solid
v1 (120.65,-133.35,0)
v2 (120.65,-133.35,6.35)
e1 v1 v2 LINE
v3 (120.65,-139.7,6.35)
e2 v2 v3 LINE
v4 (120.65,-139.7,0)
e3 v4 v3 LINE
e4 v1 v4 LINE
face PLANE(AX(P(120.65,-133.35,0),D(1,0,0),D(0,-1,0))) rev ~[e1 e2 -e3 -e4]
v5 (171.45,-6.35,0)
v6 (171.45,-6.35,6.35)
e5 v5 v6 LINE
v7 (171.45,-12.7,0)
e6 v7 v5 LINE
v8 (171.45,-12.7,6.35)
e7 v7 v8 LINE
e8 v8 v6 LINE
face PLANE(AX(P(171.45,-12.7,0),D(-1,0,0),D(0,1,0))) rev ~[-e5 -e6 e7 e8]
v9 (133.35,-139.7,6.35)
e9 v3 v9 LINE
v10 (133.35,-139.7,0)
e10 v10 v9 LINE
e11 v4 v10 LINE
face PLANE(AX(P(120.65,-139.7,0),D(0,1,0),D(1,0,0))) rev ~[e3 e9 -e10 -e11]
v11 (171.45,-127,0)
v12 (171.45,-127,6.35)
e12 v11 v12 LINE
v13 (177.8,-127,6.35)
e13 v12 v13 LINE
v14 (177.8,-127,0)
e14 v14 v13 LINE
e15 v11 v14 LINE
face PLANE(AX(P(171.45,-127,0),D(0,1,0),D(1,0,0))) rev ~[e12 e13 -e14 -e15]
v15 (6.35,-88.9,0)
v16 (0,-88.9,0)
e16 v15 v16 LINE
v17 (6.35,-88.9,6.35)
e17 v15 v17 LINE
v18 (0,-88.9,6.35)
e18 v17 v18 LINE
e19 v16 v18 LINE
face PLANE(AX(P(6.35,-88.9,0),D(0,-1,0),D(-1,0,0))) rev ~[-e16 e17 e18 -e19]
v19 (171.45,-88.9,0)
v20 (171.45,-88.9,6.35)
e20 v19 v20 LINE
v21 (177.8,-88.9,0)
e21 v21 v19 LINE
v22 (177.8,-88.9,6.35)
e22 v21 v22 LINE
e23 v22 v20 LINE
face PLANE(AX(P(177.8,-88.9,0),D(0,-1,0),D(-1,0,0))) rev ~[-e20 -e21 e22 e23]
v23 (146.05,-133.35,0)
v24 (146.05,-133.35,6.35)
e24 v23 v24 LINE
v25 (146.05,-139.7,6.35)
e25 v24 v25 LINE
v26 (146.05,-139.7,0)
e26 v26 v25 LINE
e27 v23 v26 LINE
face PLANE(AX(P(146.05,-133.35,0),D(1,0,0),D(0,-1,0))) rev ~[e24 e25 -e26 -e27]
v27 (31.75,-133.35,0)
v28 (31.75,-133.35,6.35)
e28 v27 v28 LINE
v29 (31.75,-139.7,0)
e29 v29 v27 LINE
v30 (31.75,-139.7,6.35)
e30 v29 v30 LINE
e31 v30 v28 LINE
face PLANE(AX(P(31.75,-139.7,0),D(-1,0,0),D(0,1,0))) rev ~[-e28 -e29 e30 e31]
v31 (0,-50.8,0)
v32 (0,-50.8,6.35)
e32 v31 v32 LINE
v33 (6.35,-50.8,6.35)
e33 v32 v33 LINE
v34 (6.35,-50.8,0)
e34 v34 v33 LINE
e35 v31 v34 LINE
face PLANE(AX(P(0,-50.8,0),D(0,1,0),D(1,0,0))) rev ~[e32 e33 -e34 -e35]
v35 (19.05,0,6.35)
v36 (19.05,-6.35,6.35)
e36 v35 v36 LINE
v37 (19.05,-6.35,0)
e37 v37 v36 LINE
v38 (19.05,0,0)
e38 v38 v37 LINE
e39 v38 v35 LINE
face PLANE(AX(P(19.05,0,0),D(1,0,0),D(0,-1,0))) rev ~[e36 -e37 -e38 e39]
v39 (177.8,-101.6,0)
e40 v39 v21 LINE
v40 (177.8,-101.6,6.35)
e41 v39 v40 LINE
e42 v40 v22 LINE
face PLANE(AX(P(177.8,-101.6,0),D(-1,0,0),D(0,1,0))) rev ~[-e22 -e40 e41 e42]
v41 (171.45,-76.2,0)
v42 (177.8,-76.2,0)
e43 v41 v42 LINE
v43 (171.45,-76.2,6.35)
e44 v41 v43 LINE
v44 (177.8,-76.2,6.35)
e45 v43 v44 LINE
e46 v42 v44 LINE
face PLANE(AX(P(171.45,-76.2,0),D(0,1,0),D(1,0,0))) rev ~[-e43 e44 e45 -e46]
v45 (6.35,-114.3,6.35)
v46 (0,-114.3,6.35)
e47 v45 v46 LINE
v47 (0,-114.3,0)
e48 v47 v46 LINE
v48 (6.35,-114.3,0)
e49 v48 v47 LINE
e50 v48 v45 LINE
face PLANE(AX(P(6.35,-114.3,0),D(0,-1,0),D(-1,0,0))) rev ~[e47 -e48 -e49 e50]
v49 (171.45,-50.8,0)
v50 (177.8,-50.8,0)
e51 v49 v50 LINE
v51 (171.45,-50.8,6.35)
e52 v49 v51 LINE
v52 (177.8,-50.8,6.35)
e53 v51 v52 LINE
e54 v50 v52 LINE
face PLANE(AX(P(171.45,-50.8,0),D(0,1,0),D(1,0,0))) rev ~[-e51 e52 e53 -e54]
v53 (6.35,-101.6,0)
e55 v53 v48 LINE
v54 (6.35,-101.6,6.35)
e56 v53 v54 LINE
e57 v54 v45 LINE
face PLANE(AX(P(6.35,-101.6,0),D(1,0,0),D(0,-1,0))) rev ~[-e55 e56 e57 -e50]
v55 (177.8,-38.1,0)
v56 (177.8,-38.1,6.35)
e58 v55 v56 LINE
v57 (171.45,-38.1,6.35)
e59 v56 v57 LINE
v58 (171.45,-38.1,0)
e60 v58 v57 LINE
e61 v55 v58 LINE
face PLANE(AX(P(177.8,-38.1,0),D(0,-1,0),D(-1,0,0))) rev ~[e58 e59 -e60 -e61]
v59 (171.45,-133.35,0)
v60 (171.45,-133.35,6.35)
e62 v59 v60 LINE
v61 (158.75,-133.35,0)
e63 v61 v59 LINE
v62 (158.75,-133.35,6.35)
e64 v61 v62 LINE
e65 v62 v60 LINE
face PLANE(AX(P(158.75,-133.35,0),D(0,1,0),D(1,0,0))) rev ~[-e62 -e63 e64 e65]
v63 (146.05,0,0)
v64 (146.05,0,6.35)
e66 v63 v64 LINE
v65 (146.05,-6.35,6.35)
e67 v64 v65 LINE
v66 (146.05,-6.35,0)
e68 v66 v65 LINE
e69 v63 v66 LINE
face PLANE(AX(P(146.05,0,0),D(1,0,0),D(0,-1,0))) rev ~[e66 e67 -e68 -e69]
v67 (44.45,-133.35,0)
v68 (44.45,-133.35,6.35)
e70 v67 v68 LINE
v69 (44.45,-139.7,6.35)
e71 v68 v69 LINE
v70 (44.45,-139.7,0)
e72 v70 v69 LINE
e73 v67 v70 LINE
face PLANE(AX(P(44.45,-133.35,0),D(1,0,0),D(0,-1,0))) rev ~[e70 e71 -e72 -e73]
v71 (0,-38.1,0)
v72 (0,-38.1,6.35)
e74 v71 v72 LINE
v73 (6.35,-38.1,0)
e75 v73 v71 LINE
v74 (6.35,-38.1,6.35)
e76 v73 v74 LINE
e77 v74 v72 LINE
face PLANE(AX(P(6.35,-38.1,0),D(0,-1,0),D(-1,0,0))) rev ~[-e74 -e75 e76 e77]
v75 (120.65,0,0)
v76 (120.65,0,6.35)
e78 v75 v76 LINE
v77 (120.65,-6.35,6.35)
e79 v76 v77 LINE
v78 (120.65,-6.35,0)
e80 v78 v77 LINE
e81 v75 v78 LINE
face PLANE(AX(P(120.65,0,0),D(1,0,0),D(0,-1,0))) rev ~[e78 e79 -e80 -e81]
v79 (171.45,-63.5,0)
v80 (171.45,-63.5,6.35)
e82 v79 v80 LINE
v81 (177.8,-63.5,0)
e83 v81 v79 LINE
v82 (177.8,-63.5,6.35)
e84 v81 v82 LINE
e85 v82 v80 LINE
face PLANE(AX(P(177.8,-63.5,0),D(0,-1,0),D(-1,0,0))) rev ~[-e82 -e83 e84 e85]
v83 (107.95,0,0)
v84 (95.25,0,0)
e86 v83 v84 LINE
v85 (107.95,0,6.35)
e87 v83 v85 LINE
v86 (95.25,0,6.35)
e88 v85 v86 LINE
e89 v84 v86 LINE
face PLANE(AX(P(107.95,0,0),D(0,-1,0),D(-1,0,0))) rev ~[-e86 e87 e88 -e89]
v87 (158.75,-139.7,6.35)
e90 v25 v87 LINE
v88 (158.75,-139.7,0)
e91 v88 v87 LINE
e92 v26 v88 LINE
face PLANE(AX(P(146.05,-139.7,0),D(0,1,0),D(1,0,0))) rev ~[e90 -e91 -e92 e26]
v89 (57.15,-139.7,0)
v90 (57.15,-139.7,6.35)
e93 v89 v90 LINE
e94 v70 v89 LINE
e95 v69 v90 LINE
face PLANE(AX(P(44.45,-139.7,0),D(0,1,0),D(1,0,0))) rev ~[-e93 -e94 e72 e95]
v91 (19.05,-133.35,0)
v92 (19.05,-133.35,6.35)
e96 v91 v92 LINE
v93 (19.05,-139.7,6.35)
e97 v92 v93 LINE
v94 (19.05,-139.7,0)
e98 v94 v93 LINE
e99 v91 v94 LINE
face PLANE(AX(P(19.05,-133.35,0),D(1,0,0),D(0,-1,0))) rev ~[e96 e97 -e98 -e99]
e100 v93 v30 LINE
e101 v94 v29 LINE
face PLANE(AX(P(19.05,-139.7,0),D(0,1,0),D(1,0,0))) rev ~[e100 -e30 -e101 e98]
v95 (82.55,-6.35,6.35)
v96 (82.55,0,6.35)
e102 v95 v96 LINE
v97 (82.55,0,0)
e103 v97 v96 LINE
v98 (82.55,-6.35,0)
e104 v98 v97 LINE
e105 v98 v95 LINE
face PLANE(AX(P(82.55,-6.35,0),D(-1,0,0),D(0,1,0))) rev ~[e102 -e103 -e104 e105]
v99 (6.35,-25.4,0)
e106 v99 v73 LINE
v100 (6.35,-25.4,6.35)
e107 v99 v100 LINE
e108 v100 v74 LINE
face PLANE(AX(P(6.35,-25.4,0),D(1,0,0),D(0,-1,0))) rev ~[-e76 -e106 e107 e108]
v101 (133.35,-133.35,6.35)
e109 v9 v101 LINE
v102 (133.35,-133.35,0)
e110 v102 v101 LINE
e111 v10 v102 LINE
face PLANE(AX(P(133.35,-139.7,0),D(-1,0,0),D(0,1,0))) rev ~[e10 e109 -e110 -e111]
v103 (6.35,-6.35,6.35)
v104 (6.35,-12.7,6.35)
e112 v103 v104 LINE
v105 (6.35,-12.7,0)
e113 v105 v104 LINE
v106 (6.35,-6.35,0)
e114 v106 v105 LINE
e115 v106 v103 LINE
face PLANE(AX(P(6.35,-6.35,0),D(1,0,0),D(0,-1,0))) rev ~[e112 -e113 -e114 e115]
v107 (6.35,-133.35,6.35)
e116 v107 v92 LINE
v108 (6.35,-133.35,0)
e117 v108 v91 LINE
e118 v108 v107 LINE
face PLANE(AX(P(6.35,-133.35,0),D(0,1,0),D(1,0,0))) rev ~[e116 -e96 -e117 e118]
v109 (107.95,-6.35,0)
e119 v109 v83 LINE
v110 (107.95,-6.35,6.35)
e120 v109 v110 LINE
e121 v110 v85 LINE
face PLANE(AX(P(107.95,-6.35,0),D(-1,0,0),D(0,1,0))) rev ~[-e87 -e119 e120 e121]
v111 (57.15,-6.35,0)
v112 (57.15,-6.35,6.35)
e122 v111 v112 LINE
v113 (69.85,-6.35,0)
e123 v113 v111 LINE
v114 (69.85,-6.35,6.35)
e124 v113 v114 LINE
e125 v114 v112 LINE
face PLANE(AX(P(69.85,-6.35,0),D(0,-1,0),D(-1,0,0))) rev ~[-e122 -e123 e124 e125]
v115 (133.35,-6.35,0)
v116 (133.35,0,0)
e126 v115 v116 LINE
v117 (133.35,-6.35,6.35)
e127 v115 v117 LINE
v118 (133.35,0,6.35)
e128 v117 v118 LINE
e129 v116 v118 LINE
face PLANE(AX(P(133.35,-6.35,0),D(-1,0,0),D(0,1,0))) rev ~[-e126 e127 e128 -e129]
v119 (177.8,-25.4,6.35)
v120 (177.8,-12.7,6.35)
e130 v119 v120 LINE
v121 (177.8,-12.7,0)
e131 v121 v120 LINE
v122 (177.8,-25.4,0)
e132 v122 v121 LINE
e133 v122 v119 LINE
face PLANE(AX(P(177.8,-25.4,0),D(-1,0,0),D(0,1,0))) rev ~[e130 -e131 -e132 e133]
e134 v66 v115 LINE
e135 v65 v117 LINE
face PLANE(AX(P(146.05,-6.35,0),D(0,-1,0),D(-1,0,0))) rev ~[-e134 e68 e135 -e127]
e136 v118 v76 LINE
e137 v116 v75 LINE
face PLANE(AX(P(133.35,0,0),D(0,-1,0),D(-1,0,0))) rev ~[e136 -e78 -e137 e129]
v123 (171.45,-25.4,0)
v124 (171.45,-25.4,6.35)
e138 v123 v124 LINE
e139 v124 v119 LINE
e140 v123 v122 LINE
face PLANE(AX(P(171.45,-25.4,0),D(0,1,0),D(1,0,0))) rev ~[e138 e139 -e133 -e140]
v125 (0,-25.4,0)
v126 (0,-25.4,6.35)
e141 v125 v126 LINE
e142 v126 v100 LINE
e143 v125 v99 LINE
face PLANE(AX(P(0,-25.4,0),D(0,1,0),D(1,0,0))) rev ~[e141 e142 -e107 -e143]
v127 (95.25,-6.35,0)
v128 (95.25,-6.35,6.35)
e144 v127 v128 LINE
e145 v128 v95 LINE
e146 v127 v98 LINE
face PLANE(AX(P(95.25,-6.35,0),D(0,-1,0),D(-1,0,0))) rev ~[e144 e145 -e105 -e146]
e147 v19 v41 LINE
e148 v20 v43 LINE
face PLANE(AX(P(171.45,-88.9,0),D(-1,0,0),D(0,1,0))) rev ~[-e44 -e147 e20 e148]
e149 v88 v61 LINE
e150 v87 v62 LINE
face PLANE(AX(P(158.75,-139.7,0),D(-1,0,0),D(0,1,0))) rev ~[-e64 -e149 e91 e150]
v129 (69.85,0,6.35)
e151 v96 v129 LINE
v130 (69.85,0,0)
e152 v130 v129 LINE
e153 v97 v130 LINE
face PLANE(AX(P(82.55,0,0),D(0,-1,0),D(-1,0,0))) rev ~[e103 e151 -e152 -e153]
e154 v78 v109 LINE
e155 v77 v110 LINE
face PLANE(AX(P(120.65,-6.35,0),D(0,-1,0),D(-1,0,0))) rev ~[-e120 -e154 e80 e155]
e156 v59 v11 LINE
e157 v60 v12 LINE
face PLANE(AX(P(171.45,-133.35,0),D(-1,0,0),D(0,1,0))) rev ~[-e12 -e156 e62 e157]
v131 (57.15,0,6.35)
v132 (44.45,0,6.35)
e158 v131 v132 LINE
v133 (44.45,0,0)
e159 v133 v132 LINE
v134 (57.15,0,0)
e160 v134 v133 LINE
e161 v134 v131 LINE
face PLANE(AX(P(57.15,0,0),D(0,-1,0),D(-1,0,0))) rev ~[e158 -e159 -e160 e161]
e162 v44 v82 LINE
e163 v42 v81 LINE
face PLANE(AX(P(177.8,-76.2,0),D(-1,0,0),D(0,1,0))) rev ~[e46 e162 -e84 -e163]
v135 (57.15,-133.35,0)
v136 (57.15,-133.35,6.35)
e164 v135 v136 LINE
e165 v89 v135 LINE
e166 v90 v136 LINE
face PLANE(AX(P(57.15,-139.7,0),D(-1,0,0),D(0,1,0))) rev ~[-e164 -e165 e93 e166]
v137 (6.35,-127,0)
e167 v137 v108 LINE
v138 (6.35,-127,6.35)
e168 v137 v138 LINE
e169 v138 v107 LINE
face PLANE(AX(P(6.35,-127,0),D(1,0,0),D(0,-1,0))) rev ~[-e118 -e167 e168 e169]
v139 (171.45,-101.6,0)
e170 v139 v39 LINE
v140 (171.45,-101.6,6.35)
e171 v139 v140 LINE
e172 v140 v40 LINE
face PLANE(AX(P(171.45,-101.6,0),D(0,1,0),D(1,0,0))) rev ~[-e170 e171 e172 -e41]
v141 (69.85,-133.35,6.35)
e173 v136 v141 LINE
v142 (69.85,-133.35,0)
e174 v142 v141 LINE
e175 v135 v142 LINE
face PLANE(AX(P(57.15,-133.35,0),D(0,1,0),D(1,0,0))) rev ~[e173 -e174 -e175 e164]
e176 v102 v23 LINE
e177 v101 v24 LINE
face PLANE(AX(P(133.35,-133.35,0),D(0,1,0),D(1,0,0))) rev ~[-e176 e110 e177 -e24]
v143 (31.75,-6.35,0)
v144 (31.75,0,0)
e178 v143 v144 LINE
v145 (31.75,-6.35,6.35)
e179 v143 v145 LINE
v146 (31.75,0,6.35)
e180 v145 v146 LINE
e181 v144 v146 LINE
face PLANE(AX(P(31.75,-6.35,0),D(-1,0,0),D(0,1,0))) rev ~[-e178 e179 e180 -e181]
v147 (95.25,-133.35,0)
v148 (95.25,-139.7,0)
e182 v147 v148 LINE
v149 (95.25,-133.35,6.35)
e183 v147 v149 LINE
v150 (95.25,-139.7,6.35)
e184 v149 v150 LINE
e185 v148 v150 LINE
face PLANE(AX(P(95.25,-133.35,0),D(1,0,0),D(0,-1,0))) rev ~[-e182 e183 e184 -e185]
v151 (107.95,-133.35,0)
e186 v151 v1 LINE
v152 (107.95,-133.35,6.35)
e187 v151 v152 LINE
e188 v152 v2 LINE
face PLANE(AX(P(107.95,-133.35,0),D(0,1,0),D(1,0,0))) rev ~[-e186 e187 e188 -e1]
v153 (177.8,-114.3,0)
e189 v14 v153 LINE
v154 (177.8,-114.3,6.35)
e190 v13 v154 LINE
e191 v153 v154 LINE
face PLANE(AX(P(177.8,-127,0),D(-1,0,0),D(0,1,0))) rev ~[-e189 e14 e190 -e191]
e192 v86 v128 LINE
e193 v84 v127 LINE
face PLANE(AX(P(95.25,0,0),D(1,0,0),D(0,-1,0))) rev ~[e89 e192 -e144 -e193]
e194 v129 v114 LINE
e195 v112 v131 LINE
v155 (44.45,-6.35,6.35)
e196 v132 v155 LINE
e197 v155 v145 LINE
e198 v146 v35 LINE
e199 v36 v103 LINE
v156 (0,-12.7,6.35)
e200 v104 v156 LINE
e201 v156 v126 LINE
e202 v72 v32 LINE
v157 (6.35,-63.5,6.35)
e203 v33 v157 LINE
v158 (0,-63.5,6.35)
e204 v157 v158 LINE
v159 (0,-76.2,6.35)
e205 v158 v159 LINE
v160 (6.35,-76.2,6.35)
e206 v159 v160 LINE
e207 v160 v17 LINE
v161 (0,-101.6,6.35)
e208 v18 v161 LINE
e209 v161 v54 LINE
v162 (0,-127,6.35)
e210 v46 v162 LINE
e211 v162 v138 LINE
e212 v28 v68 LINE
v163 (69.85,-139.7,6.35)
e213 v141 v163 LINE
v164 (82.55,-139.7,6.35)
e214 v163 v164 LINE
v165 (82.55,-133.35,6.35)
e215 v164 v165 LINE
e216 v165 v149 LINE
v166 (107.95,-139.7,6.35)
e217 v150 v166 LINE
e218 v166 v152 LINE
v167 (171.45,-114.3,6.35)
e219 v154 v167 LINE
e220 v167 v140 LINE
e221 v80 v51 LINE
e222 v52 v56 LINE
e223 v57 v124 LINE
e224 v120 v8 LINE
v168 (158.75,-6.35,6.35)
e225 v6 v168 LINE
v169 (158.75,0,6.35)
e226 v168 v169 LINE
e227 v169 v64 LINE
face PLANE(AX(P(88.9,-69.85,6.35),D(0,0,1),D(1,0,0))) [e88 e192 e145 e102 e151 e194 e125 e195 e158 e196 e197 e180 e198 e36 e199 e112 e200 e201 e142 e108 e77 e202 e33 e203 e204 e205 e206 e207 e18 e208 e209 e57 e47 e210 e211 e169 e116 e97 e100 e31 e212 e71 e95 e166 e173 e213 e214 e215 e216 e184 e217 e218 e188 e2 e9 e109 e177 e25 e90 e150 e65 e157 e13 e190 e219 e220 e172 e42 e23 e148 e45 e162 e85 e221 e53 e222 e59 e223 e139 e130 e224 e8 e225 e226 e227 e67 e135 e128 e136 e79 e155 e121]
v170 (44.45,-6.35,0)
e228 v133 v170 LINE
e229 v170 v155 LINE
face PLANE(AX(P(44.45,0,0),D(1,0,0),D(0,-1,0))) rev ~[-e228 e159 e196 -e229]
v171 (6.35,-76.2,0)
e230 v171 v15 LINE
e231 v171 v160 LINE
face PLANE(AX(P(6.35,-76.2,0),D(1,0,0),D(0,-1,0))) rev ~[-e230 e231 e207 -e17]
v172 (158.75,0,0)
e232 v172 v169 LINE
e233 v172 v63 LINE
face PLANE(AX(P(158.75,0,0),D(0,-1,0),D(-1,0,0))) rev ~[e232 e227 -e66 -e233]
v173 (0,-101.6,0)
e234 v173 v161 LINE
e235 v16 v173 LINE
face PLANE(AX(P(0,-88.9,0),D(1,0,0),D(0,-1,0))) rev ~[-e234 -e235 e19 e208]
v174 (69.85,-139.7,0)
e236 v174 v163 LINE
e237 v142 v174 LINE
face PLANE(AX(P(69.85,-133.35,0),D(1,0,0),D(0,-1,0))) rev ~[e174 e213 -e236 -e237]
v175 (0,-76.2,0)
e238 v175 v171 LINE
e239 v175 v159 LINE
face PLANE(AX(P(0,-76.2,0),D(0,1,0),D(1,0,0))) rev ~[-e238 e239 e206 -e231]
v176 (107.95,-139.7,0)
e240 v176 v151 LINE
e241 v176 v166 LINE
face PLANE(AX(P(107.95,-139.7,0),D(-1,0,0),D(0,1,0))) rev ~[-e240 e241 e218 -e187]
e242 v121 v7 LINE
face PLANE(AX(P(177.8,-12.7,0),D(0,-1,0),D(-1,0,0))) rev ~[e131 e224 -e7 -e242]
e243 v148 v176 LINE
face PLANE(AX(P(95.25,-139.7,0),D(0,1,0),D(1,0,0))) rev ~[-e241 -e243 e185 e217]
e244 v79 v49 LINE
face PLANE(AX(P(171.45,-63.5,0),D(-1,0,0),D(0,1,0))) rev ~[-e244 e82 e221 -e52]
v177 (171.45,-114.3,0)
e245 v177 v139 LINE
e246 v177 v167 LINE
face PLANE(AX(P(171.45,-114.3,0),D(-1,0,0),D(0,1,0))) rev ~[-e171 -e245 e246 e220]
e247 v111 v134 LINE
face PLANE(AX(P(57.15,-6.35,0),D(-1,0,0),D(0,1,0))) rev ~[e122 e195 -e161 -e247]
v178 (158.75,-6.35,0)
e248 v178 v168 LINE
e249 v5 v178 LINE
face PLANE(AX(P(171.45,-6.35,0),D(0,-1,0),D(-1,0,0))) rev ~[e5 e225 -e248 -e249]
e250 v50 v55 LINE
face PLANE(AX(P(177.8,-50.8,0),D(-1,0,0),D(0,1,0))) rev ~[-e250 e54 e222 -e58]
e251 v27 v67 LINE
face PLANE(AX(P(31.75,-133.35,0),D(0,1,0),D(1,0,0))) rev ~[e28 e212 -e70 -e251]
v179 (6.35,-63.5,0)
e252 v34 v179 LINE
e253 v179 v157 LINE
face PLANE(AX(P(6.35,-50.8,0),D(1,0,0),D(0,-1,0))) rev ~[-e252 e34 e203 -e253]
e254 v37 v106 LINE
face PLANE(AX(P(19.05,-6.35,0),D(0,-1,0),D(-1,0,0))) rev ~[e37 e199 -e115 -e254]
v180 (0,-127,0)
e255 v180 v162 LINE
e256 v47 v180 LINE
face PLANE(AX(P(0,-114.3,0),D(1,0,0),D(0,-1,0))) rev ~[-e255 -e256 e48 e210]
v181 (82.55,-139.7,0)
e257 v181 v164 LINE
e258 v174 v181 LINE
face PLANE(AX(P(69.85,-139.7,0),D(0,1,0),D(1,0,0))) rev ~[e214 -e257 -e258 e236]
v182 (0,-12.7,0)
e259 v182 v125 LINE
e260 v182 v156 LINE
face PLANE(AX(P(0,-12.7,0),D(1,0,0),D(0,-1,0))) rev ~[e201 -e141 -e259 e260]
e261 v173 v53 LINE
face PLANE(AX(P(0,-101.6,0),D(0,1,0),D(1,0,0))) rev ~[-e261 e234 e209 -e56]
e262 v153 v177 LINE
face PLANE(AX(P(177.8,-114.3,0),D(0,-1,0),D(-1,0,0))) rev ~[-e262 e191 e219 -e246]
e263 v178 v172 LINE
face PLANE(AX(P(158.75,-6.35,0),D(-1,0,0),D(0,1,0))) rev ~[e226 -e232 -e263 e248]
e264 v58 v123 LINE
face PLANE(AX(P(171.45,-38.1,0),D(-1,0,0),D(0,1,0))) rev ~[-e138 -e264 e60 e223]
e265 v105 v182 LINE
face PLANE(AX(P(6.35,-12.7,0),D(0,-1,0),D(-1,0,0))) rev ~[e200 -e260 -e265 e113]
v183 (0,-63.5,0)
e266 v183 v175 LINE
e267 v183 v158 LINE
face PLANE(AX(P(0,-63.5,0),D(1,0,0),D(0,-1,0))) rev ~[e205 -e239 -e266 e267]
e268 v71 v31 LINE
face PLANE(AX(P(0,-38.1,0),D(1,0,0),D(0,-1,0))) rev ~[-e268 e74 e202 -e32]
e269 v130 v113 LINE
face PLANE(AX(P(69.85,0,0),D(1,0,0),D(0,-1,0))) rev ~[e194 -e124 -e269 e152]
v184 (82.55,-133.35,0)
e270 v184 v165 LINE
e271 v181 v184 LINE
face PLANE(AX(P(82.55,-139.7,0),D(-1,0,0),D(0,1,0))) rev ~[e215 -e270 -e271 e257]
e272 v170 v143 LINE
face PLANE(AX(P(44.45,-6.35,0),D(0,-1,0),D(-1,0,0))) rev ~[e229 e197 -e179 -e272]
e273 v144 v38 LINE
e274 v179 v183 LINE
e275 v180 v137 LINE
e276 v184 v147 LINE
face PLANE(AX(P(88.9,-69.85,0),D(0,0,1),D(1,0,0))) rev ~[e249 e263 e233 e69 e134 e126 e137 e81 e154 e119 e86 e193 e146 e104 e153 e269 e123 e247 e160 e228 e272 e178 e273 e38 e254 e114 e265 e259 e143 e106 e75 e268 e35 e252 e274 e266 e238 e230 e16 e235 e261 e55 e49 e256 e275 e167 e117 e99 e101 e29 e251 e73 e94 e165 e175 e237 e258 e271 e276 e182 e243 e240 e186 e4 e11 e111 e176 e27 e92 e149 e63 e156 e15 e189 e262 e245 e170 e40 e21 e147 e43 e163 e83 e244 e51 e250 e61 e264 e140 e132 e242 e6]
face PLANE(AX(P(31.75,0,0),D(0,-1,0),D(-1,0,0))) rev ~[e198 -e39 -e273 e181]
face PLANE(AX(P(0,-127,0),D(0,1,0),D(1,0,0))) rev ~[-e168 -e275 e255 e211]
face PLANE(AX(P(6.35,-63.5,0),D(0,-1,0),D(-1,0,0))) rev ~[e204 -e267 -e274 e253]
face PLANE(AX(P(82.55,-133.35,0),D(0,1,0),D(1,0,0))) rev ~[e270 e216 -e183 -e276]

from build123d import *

# Parameters (mm, degrees)
F1_DEPTH = 6.35


with BuildPart() as f1:
    # F0 (on Top) → F1 (new body)
    with BuildSketch(Plane.XY):
        Polygon((31.75, 0), (19.05, 0), (19.05, -6.35), (6.35, -6.35), (6.35, -12.7), (0, -12.7), (0, -25.4), (6.35, -25.4), (6.35, -38.1), (0, -38.1), (0, -50.8), (6.35, -50.8), (6.35, -63.5), (0, -63.5), (0, -76.2), (6.35, -76.2), (6.35, -88.9), (0, -88.9), (0, -101.6), (6.35, -101.6), (6.35, -114.3), (0, -114.3), (0, -127), (6.35, -127), (6.35, -133.35), (19.05, -133.35), (19.05, -139.7), (31.75, -139.7), (31.75, -133.35), (44.45, -133.35), (44.45, -139.7), (57.15, -139.7), (57.15, -133.35), (69.85, -133.35), (69.85, -139.7), (82.55, -139.7), (82.55, -133.35), (95.25, -133.35), (95.25, -139.7), (107.95, -139.7), (107.95, -133.35), (120.65, -133.35), (120.65, -139.7), (133.35, -139.7), (133.35, -133.35), (146.05, -133.35), (146.05, -139.7), (158.75, -139.7), (158.75, -133.35), (171.45, -133.35), (171.45, -127), (177.8, -127), (177.8, -114.3), (171.45, -114.3), (171.45, -101.6), (177.8, -101.6), (177.8, -88.9), (171.45, -88.9), (171.45, -76.2), (177.8, -76.2), (177.8, -63.5), (171.45, -63.5), (171.45, -50.8), (177.8, -50.8), (177.8, -38.1), (171.45, -38.1), (171.45, -25.4), (177.8, -25.4), (177.8, -12.7), (171.45, -12.7), (171.45, -6.35), (158.75, -6.35), (158.75, 0), (146.05, 0), (146.05, -6.35), (133.35, -6.35), (133.35, 0), (120.65, 0), (120.65, -6.35), (107.95, -6.35), (107.95, 0), (95.25, 0), (95.25, -6.35), (82.55, -6.35), (82.55, 0), (69.85, 0), (69.85, -6.35), (57.15, -6.35), (57.15, 0), (44.45, 0), (44.45, -6.35), (31.75, -6.35), align=None)
    extrude(amount=F1_DEPTH)


solid = f1.part
